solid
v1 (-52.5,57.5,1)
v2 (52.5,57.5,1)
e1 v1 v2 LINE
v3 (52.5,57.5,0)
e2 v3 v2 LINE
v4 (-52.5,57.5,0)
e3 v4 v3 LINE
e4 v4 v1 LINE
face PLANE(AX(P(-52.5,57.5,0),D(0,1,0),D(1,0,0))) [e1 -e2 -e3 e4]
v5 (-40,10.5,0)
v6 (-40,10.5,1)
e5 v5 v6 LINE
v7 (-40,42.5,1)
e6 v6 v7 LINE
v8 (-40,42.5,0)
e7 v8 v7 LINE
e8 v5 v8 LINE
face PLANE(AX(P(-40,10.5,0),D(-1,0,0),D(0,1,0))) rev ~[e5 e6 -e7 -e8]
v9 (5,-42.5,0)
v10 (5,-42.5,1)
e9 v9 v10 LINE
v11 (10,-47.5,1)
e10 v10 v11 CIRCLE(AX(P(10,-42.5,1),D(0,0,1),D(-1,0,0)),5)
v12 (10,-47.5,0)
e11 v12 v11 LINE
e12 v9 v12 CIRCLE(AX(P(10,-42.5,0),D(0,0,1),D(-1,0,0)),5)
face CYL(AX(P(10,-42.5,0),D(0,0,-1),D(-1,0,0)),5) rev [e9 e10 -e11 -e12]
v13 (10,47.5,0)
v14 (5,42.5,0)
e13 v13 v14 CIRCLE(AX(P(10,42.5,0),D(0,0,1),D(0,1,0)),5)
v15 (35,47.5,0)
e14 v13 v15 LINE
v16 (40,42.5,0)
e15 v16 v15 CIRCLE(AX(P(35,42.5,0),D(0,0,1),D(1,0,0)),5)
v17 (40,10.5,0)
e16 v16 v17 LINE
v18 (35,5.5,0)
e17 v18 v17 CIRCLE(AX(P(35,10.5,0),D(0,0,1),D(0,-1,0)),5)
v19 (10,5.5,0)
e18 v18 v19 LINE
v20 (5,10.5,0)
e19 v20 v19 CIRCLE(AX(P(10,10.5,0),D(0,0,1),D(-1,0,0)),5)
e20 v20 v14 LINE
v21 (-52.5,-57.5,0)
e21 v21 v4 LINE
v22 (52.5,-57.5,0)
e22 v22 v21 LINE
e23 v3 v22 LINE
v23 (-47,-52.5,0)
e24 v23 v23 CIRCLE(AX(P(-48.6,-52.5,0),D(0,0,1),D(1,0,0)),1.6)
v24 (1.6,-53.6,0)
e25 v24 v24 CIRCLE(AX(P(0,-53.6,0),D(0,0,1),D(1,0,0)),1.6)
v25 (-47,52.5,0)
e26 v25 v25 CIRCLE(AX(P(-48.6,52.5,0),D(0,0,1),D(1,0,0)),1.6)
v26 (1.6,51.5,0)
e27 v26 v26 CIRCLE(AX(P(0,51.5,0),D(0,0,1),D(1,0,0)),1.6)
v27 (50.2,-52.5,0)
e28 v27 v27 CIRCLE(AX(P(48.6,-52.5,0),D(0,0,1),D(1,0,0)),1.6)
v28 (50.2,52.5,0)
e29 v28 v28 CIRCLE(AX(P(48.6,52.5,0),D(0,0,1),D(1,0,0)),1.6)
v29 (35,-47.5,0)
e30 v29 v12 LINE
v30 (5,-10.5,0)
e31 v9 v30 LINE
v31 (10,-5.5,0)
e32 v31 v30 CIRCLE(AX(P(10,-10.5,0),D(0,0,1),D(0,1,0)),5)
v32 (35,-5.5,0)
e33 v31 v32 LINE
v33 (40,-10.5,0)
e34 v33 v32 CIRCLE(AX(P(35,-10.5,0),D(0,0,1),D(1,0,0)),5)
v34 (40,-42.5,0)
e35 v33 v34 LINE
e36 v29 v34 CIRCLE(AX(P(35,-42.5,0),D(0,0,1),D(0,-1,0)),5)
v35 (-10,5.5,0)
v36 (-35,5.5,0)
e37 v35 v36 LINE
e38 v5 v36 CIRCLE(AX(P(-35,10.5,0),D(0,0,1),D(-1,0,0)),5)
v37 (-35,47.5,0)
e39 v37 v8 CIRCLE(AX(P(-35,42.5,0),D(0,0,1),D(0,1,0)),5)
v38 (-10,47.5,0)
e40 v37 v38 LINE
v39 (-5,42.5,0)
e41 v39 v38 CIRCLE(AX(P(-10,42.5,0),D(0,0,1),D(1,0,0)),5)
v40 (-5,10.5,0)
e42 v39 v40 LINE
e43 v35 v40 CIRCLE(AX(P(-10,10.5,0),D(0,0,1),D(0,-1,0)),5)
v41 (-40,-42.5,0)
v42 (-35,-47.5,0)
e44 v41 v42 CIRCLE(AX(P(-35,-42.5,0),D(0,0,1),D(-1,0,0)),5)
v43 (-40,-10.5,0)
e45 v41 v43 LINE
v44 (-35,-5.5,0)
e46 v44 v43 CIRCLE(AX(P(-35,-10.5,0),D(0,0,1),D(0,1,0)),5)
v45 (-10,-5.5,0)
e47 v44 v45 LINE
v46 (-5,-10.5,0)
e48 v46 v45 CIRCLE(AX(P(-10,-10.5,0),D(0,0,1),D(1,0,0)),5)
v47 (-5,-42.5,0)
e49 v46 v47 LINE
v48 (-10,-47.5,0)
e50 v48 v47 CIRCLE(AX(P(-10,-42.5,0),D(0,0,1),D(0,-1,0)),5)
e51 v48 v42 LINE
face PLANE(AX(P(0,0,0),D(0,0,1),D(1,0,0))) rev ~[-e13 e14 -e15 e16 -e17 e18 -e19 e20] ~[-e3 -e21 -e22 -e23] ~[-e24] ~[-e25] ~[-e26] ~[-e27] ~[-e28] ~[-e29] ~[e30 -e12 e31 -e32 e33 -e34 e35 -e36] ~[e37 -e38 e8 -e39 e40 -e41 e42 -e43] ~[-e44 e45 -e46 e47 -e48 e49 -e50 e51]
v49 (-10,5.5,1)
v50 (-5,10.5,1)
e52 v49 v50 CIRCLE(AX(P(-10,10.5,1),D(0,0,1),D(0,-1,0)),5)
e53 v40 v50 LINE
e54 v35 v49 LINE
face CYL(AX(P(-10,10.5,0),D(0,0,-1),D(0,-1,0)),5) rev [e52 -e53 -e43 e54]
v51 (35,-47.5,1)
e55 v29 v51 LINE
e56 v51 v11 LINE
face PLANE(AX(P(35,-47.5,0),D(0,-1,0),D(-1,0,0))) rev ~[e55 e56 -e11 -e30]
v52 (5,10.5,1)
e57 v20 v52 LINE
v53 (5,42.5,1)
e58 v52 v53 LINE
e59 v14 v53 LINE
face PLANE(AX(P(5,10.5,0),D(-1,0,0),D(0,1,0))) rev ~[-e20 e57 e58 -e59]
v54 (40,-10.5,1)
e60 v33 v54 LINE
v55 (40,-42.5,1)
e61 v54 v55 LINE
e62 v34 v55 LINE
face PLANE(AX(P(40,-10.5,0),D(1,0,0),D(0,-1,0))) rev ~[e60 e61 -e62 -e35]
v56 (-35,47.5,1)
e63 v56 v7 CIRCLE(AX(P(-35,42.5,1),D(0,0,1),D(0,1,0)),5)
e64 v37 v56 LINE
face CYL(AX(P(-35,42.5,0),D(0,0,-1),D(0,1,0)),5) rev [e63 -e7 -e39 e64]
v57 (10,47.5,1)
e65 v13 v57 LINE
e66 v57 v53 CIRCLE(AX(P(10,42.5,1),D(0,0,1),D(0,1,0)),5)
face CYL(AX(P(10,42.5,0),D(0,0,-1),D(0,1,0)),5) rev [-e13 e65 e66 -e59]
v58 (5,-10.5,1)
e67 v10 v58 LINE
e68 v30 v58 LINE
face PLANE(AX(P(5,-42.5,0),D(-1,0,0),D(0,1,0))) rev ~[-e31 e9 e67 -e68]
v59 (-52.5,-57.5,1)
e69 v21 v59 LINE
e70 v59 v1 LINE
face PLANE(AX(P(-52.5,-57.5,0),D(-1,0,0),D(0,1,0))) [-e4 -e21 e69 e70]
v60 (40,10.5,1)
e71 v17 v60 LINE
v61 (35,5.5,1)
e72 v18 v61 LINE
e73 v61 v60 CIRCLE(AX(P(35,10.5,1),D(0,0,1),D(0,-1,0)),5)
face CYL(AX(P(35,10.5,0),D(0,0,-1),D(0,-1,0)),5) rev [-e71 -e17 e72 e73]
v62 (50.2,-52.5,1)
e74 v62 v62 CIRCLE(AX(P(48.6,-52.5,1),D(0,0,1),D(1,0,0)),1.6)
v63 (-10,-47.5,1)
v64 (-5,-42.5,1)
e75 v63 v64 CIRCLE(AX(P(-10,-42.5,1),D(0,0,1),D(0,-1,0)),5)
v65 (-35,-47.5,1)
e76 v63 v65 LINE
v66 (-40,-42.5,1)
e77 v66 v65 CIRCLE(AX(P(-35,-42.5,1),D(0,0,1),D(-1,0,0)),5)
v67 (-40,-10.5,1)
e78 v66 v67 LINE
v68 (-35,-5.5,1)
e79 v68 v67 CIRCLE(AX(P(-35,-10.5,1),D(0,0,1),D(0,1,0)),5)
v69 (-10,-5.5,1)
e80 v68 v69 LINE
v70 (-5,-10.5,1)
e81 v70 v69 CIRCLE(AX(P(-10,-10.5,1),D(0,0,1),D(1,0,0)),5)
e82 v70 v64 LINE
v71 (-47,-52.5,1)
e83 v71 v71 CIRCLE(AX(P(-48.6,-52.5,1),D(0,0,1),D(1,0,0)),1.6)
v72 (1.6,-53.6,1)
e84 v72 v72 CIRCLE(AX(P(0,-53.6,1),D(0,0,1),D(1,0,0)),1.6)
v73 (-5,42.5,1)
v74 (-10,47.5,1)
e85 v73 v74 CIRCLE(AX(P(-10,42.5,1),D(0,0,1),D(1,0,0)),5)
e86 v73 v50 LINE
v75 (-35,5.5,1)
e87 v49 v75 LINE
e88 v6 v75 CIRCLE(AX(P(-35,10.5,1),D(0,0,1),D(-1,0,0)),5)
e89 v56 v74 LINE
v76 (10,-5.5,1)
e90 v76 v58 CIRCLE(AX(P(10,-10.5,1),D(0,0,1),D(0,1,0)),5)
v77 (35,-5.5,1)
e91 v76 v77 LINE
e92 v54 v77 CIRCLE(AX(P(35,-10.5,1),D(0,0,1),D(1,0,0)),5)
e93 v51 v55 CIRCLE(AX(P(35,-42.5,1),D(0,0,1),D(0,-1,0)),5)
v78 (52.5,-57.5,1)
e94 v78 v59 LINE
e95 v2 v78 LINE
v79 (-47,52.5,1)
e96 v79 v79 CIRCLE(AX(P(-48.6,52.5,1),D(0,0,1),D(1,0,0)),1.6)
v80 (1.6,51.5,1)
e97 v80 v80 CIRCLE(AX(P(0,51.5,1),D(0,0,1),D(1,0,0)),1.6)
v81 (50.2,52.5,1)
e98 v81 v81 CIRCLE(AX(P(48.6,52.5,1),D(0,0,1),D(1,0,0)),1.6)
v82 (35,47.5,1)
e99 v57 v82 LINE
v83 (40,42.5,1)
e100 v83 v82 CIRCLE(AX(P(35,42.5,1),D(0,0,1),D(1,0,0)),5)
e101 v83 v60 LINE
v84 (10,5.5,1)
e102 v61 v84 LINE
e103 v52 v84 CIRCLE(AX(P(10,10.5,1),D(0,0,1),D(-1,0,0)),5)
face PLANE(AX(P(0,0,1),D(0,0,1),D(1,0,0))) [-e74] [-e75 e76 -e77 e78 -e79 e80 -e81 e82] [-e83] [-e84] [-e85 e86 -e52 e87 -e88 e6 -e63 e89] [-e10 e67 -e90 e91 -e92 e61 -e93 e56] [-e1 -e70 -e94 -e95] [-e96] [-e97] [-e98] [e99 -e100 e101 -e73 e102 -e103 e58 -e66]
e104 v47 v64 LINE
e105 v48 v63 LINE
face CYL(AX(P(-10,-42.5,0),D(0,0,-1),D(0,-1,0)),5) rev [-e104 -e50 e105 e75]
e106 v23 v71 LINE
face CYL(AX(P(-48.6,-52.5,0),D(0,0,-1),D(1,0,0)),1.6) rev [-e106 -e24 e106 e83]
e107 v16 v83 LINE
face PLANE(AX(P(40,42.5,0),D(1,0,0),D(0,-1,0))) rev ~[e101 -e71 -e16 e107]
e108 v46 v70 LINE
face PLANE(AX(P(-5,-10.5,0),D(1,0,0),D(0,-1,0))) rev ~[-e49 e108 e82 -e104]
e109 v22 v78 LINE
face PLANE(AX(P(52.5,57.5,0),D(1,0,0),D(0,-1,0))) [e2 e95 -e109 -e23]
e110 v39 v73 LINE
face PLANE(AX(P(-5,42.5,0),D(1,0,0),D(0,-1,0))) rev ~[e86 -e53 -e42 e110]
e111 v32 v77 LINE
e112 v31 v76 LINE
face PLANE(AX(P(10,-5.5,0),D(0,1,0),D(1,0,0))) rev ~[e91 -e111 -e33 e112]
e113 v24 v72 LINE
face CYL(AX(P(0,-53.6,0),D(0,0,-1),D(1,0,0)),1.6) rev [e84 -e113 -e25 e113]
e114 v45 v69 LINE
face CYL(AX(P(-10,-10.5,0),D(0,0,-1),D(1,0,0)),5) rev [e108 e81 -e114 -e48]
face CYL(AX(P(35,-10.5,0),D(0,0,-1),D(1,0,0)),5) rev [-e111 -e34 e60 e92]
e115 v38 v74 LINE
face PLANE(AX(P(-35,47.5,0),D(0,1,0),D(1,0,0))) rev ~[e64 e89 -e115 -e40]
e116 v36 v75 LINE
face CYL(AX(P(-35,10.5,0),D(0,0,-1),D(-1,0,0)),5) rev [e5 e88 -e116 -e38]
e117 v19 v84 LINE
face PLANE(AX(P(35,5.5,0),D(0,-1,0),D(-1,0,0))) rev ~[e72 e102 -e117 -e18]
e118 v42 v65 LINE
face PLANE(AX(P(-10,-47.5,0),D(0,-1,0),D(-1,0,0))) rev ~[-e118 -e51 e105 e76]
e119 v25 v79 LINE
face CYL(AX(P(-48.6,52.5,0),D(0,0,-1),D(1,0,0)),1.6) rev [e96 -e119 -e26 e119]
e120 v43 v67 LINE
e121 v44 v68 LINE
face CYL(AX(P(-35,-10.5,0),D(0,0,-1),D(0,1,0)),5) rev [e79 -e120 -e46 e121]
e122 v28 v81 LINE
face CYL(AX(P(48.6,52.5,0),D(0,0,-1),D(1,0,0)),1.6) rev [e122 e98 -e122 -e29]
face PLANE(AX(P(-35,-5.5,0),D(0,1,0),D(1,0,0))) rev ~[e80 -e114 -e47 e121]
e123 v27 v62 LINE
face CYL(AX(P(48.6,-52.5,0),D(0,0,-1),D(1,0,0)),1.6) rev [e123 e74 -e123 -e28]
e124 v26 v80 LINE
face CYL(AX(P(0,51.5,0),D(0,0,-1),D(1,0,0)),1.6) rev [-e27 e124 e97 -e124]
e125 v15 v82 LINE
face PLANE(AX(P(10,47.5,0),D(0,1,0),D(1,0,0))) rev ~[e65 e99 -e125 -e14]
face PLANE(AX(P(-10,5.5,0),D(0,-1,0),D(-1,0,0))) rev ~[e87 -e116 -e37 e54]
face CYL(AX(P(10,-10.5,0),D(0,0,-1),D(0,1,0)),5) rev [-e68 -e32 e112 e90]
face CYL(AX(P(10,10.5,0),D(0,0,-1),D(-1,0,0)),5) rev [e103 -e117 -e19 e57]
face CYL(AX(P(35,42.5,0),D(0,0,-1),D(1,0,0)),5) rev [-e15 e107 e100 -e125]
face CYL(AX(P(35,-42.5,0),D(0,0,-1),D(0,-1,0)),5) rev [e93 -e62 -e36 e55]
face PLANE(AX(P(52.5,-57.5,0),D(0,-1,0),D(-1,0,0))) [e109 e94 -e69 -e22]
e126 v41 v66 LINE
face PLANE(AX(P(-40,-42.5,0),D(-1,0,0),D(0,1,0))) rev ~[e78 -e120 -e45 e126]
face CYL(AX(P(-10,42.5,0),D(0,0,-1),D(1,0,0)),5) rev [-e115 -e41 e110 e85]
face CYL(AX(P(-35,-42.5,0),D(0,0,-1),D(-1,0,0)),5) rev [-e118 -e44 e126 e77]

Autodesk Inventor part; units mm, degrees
ref_plane "YZ Plane" through (0, 0, 0) normal (1, 0, 0) x (0, 1, 0)
ref_plane "XZ Plane" through (0, 0, 0) normal (0, 1, 0) x (-1, 0, 0)
ref_plane "XY Plane" through (0, 0, 0) normal (0, 0, 1) x (1, 0, 0)
sketch "Sketch1" plane through (0, 0, 0) normal (0, 0, 1) x (1, 0, 0)
  line L0 (-52.5, 57.5) -> (52.5, 57.5)
  line L1 (52.5, 57.5) -> (52.5, -57.5)
  line L2 (52.5, -57.5) -> (-52.5, -57.5)
  line L3 (-52.5, -57.5) -> (-52.5, 57.5)
  line L4 (-52.5, 57.5) -> (52.5, -57.5) construction
  line L5 (52.5, 57.5) -> (-52.5, -57.5) construction
  line L6 (-35, 47.5) -> (-10, 47.5)
  line L7 (-5, 42.5) -> (-5, 10.5)
  line L8 (-10, 5.5) -> (-35, 5.5)
  line L9 (-40, 10.5) -> (-40, 42.5)
  line L10 (-40, 47.5) -> (-5, 5.5) construction
  line L11 (-5, 47.5) -> (-40, 5.5) construction
  arc A0 (-35, 47.5) -> (-40, 42.5) centre (-35, 42.5) ccw
  arc A1 (-5, 42.5) -> (-10, 47.5) centre (-10, 42.5) ccw
  arc A2 (-10, 5.5) -> (-5, 10.5) centre (-10, 10.5) ccw
  arc A3 (-40, 10.5) -> (-35, 5.5) centre (-35, 10.5) ccw
  line L12 (40, 42.5) -> (40, 10.5)
  line L13 (5, 10.5) -> (5, 42.5)
  arc A4 (40, 42.5) -> (35, 47.5) centre (35, 42.5) ccw
  line L14 (10, 47.5) -> (35, 47.5)
  arc A5 (10, 47.5) -> (5, 42.5) centre (10, 42.5) ccw
  arc A6 (35, 5.5) -> (40, 10.5) centre (35, 10.5) ccw
  line L15 (35, 5.5) -> (10, 5.5)
  arc A7 (5, 10.5) -> (10, 5.5) centre (10, 10.5) ccw
  line L16 (-5, -10.5) -> (-5, -42.5)
  line L17 (-40, -42.5) -> (-40, -10.5)
  arc A8 (-5, -10.5) -> (-10, -5.5) centre (-10, -10.5) ccw
  line L18 (-35, -5.5) -> (-10, -5.5)
  arc A9 (-35, -5.5) -> (-40, -10.5) centre (-35, -10.5) ccw
  arc A10 (-10, -47.5) -> (-5, -42.5) centre (-10, -42.5) ccw
  line L19 (-10, -47.5) -> (-35, -47.5)
  arc A11 (-40, -42.5) -> (-35, -47.5) centre (-35, -42.5) ccw
  line L20 (40, -10.5) -> (40, -42.5)
  line L21 (5, -42.5) -> (5, -10.5)
  arc A12 (40, -10.5) -> (35, -5.5) centre (35, -10.5) ccw
  line L22 (10, -5.5) -> (35, -5.5)
  arc A13 (10, -5.5) -> (5, -10.5) centre (10, -10.5) ccw
  arc A14 (35, -47.5) -> (40, -42.5) centre (35, -42.5) ccw
  line L23 (35, -47.5) -> (10, -47.5)
  arc A15 (5, -42.5) -> (10, -47.5) centre (10, -42.5) ccw
  line L24 (0, 0) -> (0, 8.2827)
  circle A16 centre (-48.6, 52.5) radius 1.6
  line L25 (0, 0) -> (-5.1125, 0)
  circle A17 centre (48.6, 52.5) radius 1.6
  circle A18 centre (-48.6, -52.5) radius 1.6
  circle A19 centre (48.6, -52.5) radius 1.6
  circle A20 centre (0, 51.5) radius 1.6
  circle A21 centre (0, -53.6) radius 1.6
  point P0 (-22.5, 26.5)
  point P1 (22.5, 26.5)
  point P2 (40, 47.5)
  point P3 (40, 5.5)
  point P4 (5, 47.5)
  point P5 (5, 5.5)
  point P6 (-22.5, -26.5)
  point P7 (-5, -5.5)
  point P8 (-5, -47.5)
  point P9 (-40, -5.5)
  point P10 (-40, -47.5)
  point P11 (22.5, -26.5)
  point P12 (40, -5.5)
  point P13 (40, -47.5)
  point P14 (5, -5.5)
  point P15 (5, -47.5)
  point P16 (0, 57.5)
  dimension "d0" = 115
  dimension "d1" = 105
  dimension "d2" = 10
  dimension "d3" = 12.5
  dimension "d4" = 35
  dimension "d5" = 42
  dimension "d6" = 5
  dimension "d9" = 45
  dimension "d12" = 53
  dimension "d18" = 3.2
  dimension "d19" = 5
  dimension "d20" = 3.9
  dimension "d35" = 3.2
  dimension "d37" = 6
  dimension "d39" = 10
  dimension "d40" = 12.5
  dimension "d41" = 11
  dimension "d42" = 10
  dimension "d43" = 3.2
  dimension "d44" = 3.9
sketch "Sketch2" plane through (0, 0, 1) normal (0, 0, 1) x (1, 0, 0)
  arc A0 (27.5, -40) -> (32.5, -35) centre (27.5, -35) ccw
  line L0 (27.5, -40) -> (12.5, -40)
  arc A1 (7.5, -35) -> (12.5, -40) centre (12.5, -35) ccw
  line L1 (7.5, -35) -> (7.5, -10)
  arc A2 (12.5, -5) -> (7.5, -10) centre (12.5, -10) ccw
  line L2 (12.5, -5) -> (27.5, -5)
  arc A3 (32.5, -10) -> (27.5, -5) centre (27.5, -10) ccw
  line L3 (32.5, -10) -> (32.5, -35)
  arc A4 (-7.5, -40) -> (-2.5, -35) centre (-7.5, -35) ccw
  line L4 (-7.5, -40) -> (-22.5, -40)
  arc A5 (-27.5, -35) -> (-22.5, -40) centre (-22.5, -35) ccw
  line L5 (-27.5, -35) -> (-27.5, -10)
  arc A6 (-22.5, -5) -> (-27.5, -10) centre (-22.5, -10) ccw
  line L6 (-22.5, -5) -> (-7.5, -5)
  arc A7 (-2.5, -10) -> (-7.5, -5) centre (-7.5, -10) ccw
  line L7 (-2.5, -10) -> (-2.5, -35)
  arc A8 (27.5, 5) -> (32.5, 10) centre (27.5, 10) ccw
  line L8 (27.5, 5) -> (12.5, 5)
  arc A9 (7.5, 10) -> (12.5, 5) centre (12.5, 10) ccw
  line L9 (7.5, 10) -> (7.5, 35)
  arc A10 (12.5, 40) -> (7.5, 35) centre (12.5, 35) ccw
  line L10 (12.5, 40) -> (27.5, 40)
  arc A11 (32.5, 35) -> (27.5, 40) centre (27.5, 35) ccw
  line L11 (32.5, 35) -> (32.5, 10)
  arc A12 (-22.5, 40) -> (-27.5, 35) centre (-22.5, 35) ccw
  line L12 (-22.5, 40) -> (-7.5, 40)
  arc A13 (-2.5, 35) -> (-7.5, 40) centre (-7.5, 35) ccw
  line L13 (-2.5, 35) -> (-2.5, 10)
  arc A14 (-7.5, 5) -> (-2.5, 10) centre (-7.5, 10) ccw
  line L14 (-7.5, 5) -> (-22.5, 5)
  arc A15 (-27.5, 10) -> (-22.5, 5) centre (-22.5, 10) ccw
  line L15 (-27.5, 10) -> (-27.5, 35)
  circle A16 centre (32.5, -44) radius 1.6
  circle A17 centre (-32.5, -44) radius 1.6
  circle A18 centre (32.5, 44) radius 1.6
  circle A19 centre (-32.5, 44) radius 1.6
  line L16 (37.5, 50) -> (37.5, -50)
  line L17 (-37.5, 50) -> (37.5, 50)
  line L18 (-37.5, -50) -> (-37.5, 50)
  line L19 (37.5, -50) -> (-37.5, -50)
  line L20 (47.5, 60) -> (47.5, -60)
  line L21 (47.5, -60) -> (-47.5, -60)
  line L22 (-47.5, -60) -> (-47.5, 60)
  line L23 (-47.5, 60) -> (47.5, 60)
  circle A20 centre (0, 54) radius 1.6
  circle A21 centre (-41.5, 0) radius 1.6
  line L24 (0, 0) -> (0, 6.9645)
  line L25 (0, 0) -> (5.3167, 0)
  circle A22 centre (0, -54) radius 1.6
  circle A23 centre (41.5, 0) radius 1.6
  dimension "d21" = 10
  dimension "d22" = 3.2
  dimension "d23" = 6
  dimension "d26" = 3.2
  dimension "d29" = 6
extrude "Plate1" add sketch "Sketch1" along normal blind 1
equation "\"d15\" = 厚度"
equation "\"折彎半徑\" = 厚度"
equation "\"折彎離隙寬度\" = 厚度"
equation "\"折彎離隙深度\" = 0.5 * 厚度"
equation "\"轉角離隙大小\" = 4 * 厚度"
equation "\"最小剩餘\" = 2 * 厚度"
equation "\"轉移半徑\" = 折彎半徑"
equation "\"Jacobi半徑大小\" = 折彎半徑"
equation "\"間隙大小\" = 厚度"
equation "\"厚度\" = 1"
properties part number "PCB_board_box_top" material "Aluminum"
